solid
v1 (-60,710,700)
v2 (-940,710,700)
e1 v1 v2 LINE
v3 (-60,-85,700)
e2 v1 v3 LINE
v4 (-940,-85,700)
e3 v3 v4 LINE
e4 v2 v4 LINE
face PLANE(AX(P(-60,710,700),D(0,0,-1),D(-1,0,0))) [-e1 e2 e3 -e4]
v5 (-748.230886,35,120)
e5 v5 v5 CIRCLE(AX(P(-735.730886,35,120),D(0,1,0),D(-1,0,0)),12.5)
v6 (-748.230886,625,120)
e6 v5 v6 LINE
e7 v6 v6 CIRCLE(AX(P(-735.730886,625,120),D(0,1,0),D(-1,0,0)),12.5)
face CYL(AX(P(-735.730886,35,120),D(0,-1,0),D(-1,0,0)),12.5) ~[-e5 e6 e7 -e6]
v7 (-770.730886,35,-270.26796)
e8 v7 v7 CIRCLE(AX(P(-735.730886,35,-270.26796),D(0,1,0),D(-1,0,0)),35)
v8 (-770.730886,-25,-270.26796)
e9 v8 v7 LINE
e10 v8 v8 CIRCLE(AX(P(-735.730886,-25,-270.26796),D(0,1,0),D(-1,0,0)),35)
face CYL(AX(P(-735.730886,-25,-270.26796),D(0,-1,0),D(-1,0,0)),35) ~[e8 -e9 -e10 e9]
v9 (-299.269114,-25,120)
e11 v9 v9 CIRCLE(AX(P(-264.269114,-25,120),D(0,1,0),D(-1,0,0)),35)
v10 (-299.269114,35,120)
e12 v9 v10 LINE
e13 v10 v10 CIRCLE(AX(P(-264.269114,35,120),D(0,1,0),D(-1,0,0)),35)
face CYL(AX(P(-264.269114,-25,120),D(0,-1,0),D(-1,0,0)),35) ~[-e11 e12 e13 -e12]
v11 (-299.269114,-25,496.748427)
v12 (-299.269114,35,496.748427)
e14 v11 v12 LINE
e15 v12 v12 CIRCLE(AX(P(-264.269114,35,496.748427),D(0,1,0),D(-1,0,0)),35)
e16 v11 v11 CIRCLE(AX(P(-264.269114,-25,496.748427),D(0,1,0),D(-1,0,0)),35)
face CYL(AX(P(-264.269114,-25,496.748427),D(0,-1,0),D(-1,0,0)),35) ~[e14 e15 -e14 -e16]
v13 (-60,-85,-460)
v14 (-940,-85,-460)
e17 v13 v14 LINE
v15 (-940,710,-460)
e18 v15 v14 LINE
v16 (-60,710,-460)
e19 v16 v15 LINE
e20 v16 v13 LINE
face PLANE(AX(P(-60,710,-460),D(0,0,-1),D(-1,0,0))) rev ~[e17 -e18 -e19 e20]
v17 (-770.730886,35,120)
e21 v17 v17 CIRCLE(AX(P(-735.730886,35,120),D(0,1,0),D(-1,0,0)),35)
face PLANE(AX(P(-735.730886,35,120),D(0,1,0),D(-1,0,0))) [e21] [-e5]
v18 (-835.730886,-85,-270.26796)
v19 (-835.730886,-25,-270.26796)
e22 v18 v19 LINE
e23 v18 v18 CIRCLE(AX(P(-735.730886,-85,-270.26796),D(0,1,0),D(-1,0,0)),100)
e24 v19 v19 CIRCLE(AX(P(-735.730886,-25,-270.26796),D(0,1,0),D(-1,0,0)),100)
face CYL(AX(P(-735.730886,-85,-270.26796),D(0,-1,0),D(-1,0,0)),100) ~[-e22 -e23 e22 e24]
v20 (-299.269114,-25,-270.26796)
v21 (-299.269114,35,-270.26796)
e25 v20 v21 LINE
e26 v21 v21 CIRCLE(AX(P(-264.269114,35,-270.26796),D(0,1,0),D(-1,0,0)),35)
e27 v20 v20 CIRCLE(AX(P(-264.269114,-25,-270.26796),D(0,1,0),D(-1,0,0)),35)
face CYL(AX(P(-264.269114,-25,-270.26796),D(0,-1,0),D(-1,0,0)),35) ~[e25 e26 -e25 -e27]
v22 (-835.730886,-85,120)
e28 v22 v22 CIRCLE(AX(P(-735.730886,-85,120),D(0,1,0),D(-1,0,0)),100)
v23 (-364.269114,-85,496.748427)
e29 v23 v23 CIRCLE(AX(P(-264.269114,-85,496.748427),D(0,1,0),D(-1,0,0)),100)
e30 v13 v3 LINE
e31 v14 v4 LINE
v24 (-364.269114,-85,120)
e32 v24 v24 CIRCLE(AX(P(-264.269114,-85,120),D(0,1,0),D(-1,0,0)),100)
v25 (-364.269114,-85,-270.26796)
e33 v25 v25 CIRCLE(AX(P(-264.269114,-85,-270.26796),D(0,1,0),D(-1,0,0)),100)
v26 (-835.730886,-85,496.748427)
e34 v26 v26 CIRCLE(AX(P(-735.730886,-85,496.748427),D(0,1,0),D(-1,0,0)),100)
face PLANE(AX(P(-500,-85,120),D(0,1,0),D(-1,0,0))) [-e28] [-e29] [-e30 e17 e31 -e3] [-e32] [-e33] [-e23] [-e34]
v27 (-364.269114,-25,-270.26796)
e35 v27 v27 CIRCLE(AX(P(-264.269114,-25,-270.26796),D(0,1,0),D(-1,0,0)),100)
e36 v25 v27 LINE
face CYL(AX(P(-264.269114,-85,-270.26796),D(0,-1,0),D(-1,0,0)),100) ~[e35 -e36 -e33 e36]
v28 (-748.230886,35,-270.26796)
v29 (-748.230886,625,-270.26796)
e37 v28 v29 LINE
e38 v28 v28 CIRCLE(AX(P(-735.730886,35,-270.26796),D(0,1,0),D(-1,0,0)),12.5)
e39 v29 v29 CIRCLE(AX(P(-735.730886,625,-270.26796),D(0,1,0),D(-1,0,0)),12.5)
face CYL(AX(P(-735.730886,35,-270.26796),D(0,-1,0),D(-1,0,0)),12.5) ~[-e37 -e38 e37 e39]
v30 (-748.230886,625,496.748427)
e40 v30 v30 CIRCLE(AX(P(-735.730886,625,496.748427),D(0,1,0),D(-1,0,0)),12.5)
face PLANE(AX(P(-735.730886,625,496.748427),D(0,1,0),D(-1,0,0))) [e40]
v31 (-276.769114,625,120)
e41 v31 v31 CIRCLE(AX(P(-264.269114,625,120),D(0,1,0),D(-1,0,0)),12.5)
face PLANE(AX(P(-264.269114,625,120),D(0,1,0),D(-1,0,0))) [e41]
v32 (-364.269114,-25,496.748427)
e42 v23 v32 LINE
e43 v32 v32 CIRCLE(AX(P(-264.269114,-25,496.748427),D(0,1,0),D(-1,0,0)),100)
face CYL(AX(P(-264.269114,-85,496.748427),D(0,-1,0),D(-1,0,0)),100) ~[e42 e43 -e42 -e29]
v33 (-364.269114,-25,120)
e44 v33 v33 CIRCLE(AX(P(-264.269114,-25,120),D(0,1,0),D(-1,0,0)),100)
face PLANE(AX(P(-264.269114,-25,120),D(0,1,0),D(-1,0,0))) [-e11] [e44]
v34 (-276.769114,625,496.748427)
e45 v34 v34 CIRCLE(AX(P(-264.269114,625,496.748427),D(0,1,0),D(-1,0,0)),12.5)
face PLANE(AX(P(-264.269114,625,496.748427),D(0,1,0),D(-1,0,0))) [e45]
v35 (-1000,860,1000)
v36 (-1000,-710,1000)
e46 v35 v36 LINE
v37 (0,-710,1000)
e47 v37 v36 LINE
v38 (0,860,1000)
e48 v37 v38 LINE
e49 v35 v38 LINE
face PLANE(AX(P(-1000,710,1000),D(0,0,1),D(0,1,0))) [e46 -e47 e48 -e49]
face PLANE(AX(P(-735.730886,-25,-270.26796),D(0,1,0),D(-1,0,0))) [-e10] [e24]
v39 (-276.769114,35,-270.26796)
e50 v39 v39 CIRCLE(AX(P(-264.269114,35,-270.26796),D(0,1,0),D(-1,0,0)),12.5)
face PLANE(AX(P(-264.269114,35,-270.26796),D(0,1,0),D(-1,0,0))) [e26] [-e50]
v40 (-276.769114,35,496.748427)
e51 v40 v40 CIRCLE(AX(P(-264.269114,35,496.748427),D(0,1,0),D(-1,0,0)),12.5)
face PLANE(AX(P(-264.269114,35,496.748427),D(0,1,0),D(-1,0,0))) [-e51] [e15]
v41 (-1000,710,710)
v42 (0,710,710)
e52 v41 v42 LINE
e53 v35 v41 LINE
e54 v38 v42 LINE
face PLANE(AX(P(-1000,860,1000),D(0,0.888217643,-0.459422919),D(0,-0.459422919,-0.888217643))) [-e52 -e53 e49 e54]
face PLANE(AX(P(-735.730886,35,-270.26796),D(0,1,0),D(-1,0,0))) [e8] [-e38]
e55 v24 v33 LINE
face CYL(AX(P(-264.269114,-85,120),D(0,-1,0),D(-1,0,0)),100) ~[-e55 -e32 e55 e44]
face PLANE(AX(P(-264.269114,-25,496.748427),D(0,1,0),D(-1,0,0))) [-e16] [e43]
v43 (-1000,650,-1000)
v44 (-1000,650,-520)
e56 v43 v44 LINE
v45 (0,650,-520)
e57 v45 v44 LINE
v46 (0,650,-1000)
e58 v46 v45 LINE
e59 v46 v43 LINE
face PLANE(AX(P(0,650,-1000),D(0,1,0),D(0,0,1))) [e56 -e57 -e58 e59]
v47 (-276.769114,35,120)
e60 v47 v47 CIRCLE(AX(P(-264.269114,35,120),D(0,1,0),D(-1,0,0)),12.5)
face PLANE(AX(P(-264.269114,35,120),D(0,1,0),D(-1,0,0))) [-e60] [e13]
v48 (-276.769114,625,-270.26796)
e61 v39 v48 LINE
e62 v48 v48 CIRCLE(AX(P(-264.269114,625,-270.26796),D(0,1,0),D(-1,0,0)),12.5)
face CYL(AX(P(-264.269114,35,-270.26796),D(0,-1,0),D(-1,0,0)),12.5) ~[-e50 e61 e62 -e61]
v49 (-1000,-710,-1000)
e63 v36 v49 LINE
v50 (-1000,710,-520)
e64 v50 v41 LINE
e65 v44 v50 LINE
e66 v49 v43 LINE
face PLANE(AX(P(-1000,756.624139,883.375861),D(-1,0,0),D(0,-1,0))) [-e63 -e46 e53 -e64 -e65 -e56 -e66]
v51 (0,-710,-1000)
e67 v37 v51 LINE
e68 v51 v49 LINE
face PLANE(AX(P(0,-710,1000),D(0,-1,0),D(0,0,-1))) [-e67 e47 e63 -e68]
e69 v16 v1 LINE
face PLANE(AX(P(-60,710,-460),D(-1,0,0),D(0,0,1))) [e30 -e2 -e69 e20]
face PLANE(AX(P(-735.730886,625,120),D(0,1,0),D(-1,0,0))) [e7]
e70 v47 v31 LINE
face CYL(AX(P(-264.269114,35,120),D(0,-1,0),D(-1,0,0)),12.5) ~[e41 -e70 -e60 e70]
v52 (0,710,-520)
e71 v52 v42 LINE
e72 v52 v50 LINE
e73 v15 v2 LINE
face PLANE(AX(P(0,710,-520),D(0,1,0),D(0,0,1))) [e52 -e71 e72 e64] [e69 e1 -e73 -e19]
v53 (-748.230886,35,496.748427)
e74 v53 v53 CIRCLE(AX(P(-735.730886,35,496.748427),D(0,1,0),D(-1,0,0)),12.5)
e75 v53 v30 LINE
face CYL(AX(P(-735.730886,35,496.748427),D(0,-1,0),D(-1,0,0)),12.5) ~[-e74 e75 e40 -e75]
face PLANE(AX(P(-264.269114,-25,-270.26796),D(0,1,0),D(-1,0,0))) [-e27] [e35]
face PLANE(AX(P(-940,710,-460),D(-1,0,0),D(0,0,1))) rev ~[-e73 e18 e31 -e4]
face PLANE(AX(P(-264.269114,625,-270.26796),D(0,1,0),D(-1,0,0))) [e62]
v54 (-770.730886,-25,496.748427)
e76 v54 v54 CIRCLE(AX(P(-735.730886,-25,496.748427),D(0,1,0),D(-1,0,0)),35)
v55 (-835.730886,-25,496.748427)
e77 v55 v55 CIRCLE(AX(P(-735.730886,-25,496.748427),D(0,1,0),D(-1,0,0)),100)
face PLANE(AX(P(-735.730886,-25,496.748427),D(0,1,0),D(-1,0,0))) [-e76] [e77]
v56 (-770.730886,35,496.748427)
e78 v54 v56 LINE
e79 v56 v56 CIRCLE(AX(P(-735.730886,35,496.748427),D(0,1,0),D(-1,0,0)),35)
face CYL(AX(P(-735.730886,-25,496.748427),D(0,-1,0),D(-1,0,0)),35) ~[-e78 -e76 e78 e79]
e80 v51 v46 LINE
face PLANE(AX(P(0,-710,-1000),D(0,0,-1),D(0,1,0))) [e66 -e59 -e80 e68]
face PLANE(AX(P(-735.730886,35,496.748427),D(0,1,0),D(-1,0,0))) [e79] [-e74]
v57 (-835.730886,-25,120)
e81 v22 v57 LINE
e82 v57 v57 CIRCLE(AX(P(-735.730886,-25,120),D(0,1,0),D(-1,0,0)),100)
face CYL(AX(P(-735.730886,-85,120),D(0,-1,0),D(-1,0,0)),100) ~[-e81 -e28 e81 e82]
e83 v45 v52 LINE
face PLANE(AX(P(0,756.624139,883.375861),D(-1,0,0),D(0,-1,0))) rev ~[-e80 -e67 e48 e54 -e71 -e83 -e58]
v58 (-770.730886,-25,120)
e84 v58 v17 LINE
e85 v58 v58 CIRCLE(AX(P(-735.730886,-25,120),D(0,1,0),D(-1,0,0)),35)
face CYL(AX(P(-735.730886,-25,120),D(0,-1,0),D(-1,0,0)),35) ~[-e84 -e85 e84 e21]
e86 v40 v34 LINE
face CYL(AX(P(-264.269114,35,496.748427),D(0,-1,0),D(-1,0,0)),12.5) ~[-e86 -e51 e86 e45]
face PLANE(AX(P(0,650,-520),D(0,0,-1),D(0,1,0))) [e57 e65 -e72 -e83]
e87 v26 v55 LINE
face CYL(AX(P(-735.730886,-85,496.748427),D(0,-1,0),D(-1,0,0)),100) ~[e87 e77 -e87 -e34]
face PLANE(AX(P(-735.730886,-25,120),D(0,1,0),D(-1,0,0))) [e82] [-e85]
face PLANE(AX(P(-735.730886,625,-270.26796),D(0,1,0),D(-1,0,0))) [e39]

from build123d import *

# Parameters (mm, degrees)
F1_DEPTH  = 1000
F2_W      = 880
F2_H      = 1160
F3_DEPTH  = 795
F5_DEPTH  = 1000
F6_R      = 100
F7_DEPTH  = 60
F8_R      = 35
F9_DEPTH  = 60
F10_R     = 12.5
F11_DEPTH = 590


with BuildPart() as f1:
    # F0 (on Right) → F1 (new body)
    with BuildSketch(Plane.YZ):
        Polygon((710, 1000), (-710, 1000), (-710, -1000), (650, -1000), (650, -520), (710, -520), align=None)
    extrude(amount=-F1_DEPTH)

    # F2 (on face) → F3 (cut)
    with BuildSketch(Plane(origin=(0, 710, 0), x_dir=(-1, 0, 0), z_dir=(0, 1, 0))):
        with Locations((500, 120)):
            Rectangle(F2_W, F2_H)
    extrude(amount=-F3_DEPTH, mode=Mode.SUBTRACT)

    # F4 (on face) → F5 (join, through all)
    with BuildSketch(Plane(origin=(-1000, 0, 0), x_dir=(0, -1, 0), z_dir=(-1, 0, 0))):
        Polygon((-710, 710), (-710, 1000), (-860, 1000), align=None)
    extrude(amount=-F5_DEPTH)

    # F6 (on face) → F7 (join)
    with BuildSketch(Plane(origin=(0, -85, 0), x_dir=(-1, 0, 0), z_dir=(0, 1, 0))):
        with Locations((735.730886, 496.748427)):
            Circle(F6_R)
        with Locations((735.730886, 120)):
            Circle(F6_R)
        with Locations((735.730886, -270.26796)):
            Circle(F6_R)
        with Locations((264.269114, 496.748427)):
            Circle(F6_R)
        with Locations((264.269114, 120)):
            Circle(F6_R)
        with Locations((264.269114, -270.26796)):
            Circle(F6_R)
    extrude(amount=F7_DEPTH)

    # F8 (on face) → F9 (join)
    with BuildSketch(Plane(origin=(0, -25, 0), x_dir=(-1, 0, 0), z_dir=(0, 1, 0))):
        with Locations((735.730886, 496.748427)):
            Circle(F8_R)
        with Locations((735.730886, 120)):
            Circle(F8_R)
        with Locations((735.730886, -270.26796)):
            Circle(F8_R)
        with Locations((264.269114, -270.26796)):
            Circle(F8_R)
        with Locations((264.269114, 120)):
            Circle(F8_R)
        with Locations((264.269114, 496.748427)):
            Circle(F8_R)
    extrude(amount=F9_DEPTH)

    # F10 (on face) → F11 (join)
    with BuildSketch(Plane(origin=(0, 35, 0), x_dir=(-1, 0, 0), z_dir=(0, 1, 0))):
        with Locations((735.730886, 496.748427)):
            Circle(F10_R)
        with Locations((735.730886, 120)):
            Circle(F10_R)
        with Locations((735.730886, -270.26796)):
            Circle(F10_R)
        with Locations((264.269114, -270.26796)):
            Circle(F10_R)
        with Locations((264.269114, 120)):
            Circle(F10_R)
        with Locations((264.269114, 496.748427)):
            Circle(F10_R)
    extrude(amount=F11_DEPTH)


solid = f1.part
